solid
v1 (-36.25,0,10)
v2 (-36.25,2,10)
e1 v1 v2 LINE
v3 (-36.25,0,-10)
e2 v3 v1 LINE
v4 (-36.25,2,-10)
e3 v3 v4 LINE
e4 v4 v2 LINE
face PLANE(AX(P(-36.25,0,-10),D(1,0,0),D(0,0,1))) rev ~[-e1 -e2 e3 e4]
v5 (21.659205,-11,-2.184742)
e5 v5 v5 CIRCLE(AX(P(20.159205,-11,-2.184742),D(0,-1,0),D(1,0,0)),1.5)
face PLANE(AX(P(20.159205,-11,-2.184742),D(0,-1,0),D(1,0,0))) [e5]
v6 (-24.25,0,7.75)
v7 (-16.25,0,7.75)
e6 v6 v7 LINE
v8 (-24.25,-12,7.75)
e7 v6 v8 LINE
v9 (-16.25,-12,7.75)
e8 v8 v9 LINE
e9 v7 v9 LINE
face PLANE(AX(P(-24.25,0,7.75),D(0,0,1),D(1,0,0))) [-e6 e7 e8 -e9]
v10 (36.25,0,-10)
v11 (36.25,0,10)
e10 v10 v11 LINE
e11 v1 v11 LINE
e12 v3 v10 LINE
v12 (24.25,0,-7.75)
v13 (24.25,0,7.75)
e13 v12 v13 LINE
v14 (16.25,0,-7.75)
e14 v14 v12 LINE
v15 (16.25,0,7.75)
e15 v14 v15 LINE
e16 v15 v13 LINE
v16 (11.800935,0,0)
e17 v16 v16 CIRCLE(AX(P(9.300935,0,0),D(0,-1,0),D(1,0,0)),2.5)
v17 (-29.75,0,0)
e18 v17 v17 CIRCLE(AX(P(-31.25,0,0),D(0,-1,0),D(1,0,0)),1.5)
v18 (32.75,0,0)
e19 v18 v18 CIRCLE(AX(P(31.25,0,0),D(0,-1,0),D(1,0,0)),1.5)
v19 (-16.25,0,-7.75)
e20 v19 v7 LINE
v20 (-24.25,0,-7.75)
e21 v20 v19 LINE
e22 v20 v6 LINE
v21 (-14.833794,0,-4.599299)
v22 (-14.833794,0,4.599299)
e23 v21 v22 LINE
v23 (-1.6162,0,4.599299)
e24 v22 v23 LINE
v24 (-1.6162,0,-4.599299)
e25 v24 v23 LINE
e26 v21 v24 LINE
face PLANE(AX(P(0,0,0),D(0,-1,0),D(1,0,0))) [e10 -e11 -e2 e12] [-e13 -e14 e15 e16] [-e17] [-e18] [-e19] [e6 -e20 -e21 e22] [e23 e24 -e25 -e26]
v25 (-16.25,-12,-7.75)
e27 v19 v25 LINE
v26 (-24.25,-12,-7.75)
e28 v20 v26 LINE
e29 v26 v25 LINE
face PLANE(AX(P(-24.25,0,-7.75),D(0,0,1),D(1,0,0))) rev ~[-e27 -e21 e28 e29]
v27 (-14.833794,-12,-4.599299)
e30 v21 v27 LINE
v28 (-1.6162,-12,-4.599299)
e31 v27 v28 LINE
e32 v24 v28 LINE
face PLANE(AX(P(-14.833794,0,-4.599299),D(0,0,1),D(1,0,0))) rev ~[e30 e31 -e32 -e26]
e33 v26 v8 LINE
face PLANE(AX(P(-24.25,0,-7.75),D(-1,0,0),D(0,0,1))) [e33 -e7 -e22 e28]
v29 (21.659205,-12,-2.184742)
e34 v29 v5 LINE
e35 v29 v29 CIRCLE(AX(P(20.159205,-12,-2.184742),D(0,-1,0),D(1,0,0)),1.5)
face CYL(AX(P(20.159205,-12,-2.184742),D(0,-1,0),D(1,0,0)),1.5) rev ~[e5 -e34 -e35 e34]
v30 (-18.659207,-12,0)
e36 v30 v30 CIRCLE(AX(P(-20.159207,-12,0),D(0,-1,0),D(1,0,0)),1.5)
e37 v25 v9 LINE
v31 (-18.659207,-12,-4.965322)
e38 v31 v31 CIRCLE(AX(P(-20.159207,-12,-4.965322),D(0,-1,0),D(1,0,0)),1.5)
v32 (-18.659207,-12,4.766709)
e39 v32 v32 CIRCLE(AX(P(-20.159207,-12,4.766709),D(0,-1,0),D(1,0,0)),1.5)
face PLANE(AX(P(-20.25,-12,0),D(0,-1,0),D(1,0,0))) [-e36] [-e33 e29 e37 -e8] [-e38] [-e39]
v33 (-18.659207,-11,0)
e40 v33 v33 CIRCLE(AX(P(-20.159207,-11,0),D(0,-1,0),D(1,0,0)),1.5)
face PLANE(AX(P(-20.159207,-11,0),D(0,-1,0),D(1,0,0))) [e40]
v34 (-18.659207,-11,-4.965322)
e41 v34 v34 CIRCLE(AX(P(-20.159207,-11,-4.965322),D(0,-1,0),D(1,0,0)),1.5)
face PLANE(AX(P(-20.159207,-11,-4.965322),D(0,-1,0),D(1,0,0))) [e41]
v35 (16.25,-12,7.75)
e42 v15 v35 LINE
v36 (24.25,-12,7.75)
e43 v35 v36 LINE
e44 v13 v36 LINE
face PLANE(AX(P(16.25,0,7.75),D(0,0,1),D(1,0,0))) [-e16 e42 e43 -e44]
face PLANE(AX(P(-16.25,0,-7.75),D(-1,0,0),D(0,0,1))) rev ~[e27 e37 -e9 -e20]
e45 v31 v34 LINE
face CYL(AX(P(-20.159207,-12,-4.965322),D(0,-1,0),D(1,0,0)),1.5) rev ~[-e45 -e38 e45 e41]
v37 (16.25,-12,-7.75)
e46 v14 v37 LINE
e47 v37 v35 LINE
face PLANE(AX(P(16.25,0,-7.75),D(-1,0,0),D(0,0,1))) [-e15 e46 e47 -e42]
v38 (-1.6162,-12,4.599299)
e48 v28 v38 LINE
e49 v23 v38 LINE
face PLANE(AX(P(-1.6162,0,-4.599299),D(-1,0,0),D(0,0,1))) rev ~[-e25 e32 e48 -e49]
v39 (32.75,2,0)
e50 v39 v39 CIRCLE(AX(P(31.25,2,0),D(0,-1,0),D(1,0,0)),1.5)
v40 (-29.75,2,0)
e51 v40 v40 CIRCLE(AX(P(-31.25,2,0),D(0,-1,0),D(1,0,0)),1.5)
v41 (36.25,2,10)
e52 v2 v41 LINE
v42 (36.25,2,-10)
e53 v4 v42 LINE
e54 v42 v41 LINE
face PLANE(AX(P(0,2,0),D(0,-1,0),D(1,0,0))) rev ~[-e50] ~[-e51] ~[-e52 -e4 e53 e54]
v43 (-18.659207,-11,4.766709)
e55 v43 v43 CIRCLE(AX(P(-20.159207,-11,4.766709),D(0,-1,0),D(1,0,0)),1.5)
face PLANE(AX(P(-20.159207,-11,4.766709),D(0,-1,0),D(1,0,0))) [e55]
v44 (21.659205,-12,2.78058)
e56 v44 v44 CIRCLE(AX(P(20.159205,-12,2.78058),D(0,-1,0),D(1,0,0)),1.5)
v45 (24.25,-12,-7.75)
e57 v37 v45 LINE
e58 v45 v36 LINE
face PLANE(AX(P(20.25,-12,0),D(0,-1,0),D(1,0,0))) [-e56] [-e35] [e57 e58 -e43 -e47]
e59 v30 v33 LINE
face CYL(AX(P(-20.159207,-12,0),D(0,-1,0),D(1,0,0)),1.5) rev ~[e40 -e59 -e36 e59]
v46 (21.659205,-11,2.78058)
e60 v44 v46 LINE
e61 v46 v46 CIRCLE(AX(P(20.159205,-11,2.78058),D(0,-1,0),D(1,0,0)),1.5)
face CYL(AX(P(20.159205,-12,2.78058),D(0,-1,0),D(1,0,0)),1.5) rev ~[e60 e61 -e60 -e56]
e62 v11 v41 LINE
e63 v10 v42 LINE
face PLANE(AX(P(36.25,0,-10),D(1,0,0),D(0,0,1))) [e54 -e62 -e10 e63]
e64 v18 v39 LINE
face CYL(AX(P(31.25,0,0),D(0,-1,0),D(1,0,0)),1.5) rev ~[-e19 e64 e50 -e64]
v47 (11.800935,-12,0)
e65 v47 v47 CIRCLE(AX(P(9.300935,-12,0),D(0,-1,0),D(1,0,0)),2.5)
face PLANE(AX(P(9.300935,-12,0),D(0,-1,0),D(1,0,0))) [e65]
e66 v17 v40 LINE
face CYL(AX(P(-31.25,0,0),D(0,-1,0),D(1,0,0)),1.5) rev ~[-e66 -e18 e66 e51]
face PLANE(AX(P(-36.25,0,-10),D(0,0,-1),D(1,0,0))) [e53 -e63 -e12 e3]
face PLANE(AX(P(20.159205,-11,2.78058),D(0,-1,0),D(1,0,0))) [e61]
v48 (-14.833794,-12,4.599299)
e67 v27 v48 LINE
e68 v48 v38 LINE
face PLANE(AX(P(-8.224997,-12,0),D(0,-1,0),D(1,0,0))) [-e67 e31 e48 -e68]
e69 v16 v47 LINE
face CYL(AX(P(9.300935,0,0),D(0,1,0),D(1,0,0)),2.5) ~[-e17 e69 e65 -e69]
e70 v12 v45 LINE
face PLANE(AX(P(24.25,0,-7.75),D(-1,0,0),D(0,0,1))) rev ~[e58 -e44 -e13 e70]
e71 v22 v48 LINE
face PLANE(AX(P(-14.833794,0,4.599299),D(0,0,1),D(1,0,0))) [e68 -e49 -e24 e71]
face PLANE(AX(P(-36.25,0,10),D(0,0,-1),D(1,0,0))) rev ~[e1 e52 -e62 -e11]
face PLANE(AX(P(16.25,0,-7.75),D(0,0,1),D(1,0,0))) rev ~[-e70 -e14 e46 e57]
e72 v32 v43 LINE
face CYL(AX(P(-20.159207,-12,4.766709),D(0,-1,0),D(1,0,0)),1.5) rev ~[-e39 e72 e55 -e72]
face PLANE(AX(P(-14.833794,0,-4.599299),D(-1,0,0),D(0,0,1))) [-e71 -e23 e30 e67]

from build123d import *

# Parameters (mm, degrees)
F0_W     = 72.5
F0_H     = 20
F1_DEPTH = 2
F2_R     = 1.5
F3_DEPTH = 2
F4_W     = 8
F4_H     = 15.5
F4_W_2   = 13.217593
F4_H_2   = 9.198598
F4_R     = 2.5
F5_DEPTH = 12
F6_R     = 1.5
F7_DEPTH = 1


with BuildPart() as f1:
    # F0 (on Front) → F1 (new body)
    with BuildSketch(Plane.XZ):
        Rectangle(F0_W, F0_H)
    extrude(amount=-F1_DEPTH)

    # F2 (on face) → F3 (cut, through all)
    with BuildSketch(Plane.XZ):
        with Locations((-31.25, 0)):
            Circle(F2_R)
        with Locations((31.25, 0)):
            Circle(F2_R)
    extrude(amount=-F3_DEPTH, mode=Mode.SUBTRACT)

    # F4 (on face) → F5 (join)
    with BuildSketch(Plane.XZ):
        with Locations((-20.25, 0)):
            Rectangle(F4_W, F4_H)
        with Locations((20.25, 0)):
            Rectangle(F4_W, F4_H)
        with Locations((-8.224997, 0)):
            Rectangle(F4_W_2, F4_H_2)
        with Locations((9.300935, 0)):
            Circle(F4_R)
    extrude(amount=F5_DEPTH)

    # F6 (on face) → F7 (cut)
    with BuildSketch(Plane.XZ.offset(12)):
        with Locations((-20.159207, 4.766709)):
            Circle(F6_R)
        with Locations((-20.159207, 0)):
            Circle(F6_R)
        with Locations((-20.159207, -4.965322)):
            Circle(F6_R)
        with Locations((20.159205, 2.78058)):
            Circle(F6_R)
        with Locations((20.159205, -2.184742)):
            Circle(F6_R)
    extrude(amount=-F7_DEPTH, mode=Mode.SUBTRACT)


solid = f1.part
